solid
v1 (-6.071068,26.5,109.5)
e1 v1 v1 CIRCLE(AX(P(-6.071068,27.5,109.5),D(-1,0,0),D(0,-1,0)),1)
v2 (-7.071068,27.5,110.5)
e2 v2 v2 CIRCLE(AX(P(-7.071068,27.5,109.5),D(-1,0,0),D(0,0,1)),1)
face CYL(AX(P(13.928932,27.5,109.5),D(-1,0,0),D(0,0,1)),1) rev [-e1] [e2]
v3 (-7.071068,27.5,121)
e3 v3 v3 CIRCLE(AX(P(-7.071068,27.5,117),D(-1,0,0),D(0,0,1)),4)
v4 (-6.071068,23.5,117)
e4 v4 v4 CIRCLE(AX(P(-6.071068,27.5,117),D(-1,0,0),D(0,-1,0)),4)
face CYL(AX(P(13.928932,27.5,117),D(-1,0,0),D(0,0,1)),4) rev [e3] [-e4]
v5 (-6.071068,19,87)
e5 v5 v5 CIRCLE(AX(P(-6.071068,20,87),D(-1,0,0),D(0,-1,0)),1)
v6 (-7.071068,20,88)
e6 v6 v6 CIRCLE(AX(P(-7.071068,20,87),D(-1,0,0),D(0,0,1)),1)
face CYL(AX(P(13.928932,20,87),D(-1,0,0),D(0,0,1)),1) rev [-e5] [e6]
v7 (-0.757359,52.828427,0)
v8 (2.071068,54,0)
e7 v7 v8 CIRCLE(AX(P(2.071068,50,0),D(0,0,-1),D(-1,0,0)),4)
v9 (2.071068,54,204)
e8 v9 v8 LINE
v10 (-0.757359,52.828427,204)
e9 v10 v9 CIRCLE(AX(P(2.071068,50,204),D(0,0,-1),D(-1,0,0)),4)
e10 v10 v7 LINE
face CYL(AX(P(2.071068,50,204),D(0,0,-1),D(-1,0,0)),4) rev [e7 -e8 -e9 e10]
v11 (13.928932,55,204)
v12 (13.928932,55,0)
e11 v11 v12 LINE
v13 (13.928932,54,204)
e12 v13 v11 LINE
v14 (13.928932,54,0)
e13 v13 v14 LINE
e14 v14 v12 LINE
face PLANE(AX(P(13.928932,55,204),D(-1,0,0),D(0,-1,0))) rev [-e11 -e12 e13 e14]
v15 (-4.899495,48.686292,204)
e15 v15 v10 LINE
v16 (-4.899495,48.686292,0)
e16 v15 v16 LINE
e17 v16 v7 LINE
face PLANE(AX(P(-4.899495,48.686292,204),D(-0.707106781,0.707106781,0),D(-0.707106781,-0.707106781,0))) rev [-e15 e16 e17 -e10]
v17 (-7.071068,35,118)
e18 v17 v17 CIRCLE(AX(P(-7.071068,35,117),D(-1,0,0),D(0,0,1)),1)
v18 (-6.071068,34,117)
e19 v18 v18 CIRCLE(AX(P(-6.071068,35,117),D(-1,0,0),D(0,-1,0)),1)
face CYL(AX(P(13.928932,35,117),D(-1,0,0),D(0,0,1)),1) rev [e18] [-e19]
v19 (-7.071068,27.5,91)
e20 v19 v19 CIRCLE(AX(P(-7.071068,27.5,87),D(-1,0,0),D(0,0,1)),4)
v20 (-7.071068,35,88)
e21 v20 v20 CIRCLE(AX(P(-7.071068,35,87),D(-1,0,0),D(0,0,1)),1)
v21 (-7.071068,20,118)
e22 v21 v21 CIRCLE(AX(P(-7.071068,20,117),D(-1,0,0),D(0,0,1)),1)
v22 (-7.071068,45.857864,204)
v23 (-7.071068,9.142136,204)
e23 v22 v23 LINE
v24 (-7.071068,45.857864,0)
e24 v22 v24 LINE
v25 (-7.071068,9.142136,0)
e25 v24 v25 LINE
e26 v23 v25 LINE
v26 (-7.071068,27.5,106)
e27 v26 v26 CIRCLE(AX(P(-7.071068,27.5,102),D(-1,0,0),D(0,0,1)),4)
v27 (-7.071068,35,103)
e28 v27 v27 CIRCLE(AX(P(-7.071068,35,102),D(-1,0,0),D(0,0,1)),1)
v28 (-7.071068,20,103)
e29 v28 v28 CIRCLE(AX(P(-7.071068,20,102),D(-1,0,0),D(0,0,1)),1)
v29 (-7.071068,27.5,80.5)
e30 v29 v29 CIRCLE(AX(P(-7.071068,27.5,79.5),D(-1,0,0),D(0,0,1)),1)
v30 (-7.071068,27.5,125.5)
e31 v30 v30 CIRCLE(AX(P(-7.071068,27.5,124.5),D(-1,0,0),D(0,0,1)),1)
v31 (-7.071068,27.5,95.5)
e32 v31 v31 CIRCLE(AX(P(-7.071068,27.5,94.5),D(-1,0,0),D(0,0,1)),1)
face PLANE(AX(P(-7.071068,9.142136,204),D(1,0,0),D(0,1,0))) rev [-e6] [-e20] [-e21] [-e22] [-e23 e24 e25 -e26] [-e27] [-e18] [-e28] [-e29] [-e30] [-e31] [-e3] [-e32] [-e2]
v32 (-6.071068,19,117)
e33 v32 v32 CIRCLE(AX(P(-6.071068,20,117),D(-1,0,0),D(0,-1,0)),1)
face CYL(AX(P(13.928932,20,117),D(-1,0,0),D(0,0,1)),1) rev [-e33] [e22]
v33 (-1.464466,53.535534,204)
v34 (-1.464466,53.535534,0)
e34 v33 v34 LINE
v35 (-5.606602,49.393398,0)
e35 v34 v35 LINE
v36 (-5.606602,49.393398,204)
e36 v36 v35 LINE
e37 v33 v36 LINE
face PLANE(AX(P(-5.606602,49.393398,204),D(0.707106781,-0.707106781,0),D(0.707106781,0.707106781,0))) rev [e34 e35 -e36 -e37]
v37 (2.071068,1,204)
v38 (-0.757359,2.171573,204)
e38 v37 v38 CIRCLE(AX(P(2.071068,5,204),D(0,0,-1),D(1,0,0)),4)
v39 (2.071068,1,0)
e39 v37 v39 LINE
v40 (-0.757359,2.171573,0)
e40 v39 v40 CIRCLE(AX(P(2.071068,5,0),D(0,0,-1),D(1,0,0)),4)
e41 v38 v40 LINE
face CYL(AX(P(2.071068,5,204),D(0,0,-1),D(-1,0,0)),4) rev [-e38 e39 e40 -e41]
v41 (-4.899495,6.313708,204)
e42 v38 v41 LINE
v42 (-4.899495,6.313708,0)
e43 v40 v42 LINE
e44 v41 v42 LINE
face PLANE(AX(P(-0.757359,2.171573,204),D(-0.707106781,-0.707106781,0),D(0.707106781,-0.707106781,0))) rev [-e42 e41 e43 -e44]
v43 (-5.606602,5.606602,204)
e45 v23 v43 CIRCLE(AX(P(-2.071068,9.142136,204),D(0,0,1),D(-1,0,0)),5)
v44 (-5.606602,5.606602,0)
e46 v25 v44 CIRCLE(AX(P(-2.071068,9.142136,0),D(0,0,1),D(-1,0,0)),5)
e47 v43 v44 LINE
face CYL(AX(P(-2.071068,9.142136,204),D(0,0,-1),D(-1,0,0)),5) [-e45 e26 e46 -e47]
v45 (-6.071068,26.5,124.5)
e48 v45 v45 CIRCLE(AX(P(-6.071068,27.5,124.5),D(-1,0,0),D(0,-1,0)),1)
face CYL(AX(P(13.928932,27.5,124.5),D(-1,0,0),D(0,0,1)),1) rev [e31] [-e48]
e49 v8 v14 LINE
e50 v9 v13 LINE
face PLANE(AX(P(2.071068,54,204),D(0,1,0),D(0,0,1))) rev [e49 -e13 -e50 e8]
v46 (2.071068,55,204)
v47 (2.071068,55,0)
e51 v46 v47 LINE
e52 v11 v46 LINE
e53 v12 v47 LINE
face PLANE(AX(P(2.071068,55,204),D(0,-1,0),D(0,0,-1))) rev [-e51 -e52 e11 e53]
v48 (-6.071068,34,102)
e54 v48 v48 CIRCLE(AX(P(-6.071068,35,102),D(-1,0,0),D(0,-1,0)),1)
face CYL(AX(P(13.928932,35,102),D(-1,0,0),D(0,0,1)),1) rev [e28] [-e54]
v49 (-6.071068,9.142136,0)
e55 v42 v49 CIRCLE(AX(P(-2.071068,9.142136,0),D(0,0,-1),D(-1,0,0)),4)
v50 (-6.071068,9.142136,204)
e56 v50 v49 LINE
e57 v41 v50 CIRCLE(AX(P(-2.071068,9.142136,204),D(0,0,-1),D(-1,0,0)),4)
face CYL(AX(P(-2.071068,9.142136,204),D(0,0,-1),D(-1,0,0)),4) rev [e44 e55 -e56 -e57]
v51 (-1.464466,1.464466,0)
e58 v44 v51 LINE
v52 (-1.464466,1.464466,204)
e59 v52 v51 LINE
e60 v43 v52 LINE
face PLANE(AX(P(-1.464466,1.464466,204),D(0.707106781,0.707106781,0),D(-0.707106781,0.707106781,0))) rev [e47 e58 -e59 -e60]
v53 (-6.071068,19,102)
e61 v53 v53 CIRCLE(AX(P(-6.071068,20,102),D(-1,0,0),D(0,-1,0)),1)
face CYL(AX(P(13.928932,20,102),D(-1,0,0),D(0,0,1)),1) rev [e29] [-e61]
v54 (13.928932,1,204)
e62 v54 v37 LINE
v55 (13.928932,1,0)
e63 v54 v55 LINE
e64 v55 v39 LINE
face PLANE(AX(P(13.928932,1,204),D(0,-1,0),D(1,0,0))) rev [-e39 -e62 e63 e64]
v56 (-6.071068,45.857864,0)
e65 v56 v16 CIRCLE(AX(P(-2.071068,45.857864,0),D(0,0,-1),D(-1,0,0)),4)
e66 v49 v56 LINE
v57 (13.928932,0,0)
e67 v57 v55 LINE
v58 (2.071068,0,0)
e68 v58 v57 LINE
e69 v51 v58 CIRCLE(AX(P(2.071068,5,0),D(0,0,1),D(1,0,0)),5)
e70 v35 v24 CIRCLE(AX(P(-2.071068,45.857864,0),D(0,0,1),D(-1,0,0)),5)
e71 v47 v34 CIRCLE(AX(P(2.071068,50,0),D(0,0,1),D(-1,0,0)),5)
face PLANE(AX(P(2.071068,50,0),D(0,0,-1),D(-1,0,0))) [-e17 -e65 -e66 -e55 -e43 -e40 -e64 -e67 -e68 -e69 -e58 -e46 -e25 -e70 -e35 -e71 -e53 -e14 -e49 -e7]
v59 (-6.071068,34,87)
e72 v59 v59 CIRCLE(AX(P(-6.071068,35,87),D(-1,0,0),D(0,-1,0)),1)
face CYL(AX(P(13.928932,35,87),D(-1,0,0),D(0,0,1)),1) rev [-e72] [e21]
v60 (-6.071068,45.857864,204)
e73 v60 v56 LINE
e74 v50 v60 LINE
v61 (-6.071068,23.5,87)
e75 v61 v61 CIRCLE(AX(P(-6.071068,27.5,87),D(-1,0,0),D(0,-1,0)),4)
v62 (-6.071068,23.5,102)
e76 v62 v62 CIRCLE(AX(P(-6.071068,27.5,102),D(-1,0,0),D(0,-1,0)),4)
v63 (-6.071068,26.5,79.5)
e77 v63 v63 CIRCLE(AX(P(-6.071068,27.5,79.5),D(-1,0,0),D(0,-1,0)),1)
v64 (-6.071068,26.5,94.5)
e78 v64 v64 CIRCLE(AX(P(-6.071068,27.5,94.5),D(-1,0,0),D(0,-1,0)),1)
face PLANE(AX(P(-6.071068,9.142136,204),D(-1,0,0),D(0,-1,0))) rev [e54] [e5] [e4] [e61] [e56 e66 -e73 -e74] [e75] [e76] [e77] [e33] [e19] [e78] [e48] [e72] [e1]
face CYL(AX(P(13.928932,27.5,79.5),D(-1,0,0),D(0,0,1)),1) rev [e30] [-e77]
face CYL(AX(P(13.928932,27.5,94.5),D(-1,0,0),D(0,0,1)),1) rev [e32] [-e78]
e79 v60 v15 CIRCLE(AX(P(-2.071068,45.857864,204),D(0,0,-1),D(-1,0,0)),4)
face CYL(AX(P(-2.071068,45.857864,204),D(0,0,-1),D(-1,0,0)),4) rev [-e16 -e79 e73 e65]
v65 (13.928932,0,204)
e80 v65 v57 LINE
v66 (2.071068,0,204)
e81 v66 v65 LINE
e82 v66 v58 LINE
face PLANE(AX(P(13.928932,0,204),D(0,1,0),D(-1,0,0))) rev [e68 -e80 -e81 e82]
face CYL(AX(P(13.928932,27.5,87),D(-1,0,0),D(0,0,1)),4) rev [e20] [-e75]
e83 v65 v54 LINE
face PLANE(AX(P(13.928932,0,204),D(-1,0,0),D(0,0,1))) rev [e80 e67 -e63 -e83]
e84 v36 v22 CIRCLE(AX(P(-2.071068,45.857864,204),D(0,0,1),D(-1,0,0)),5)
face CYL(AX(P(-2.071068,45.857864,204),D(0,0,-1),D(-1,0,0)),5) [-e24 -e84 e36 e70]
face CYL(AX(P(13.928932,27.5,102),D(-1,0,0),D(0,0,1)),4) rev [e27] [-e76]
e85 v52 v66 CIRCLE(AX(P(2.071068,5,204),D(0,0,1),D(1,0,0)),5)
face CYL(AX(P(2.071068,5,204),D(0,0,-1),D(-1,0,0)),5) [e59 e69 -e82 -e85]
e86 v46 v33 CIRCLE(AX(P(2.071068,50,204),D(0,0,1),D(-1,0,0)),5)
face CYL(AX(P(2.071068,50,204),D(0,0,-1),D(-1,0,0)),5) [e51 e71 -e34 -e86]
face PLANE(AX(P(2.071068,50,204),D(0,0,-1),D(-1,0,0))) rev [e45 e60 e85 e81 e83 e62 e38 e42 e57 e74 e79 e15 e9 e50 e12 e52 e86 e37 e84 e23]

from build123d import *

# Parameters (mm, degrees)
BOSS_EXTRU_1_DEPTH      = 204
ESQUISSE2_R             = 4
ESQUISSE2_R_2           = 1
ENL_V_MAT_EXTRU_1_DEPTH = 22


with BuildPart() as part:
    # Esquisse1 → Boss.-Extru.1 (new body)
    with BuildSketch(Plane.XY):
        with BuildLine():
            Line((-1.464466094, 1.464466094), (-5.606601718, 5.606601718))
            ThreePointArc((-5.606601718, 5.606601718), (-6.690465474, 7.228718462), (-7.071067812, 9.142135624))
            Line((-7.071067812, 9.142135624), (-7.071067812, 45.857864376))
            ThreePointArc((-7.071067812, 45.857864376), (-6.690465474, 47.771281538), (-5.606601718, 49.393398282))
            Line((-5.606601718, 49.393398282), (-1.464466094, 53.535533906))
            ThreePointArc((-1.464466094, 53.535533906), (0.15765065, 54.619397663), (2.071067812, 55))
            Line((2.071067812, 55), (13.928932188, 55))
            Line((13.928932188, 55), (13.928932188, 54))
            Line((13.928932188, 54), (2.071067812, 54))
            ThreePointArc((2.071067812, 54), (0.540334082, 53.69551813), (-0.757359313, 52.828427125))
            Line((-0.757359313, 52.828427125), (-4.899494937, 48.686291501))
            ThreePointArc((-4.899494937, 48.686291501), (-5.766585942, 47.388598106), (-6.071067812, 45.857864376))
            Line((-6.071067812, 45.857864376), (-6.071067812, 9.142135624))
            ThreePointArc((-6.071067812, 9.142135624), (-5.766585942, 7.611401894), (-4.899494937, 6.313708499))
            Line((-4.899494937, 6.313708499), (-0.757359313, 2.171572875))
            ThreePointArc((-0.757359313, 2.171572875), (0.540334082, 1.30448187), (2.071067812, 1))
            Line((2.071067812, 1), (13.928932188, 1))
            Line((13.928932188, 1), (13.928932188, 0))
            Line((13.928932188, 0), (2.071067812, 0))
            ThreePointArc((2.071067812, 0), (0.15765065, 0.380602337), (-1.464466094, 1.464466094))
        make_face()
    extrude(amount=BOSS_EXTRU_1_DEPTH)

    # Esquisse2 → Enlèv. mat.-Extru.1 (cut, through all)
    with BuildSketch(Plane.ZY.offset(7.071067812)):
        with Locations((102, 27.5)):
            Circle(ESQUISSE2_R)
        with Locations((102, 35)):
            Circle(ESQUISSE2_R_2)
        with Locations((109.5, 27.5)):
            Circle(ESQUISSE2_R_2)
        with Locations((102, 20)):
            Circle(ESQUISSE2_R_2)
        with Locations((94.5, 27.5)):
            Circle(ESQUISSE2_R_2)
        with Locations((117, 27.5)):
            Circle(ESQUISSE2_R)
        with Locations((117, 35)):
            Circle(ESQUISSE2_R_2)
        with Locations((124.5, 27.5)):
            Circle(ESQUISSE2_R_2)
        with Locations((117, 20)):
            Circle(ESQUISSE2_R_2)
        with Locations((87, 27.5)):
            Circle(ESQUISSE2_R)
        with Locations((87, 35)):
            Circle(ESQUISSE2_R_2)
        with Locations((87, 20)):
            Circle(ESQUISSE2_R_2)
        with Locations((79.5, 27.5)):
            Circle(ESQUISSE2_R_2)
    extrude(amount=-ENL_V_MAT_EXTRU_1_DEPTH, mode=Mode.SUBTRACT)


solid = part.part
